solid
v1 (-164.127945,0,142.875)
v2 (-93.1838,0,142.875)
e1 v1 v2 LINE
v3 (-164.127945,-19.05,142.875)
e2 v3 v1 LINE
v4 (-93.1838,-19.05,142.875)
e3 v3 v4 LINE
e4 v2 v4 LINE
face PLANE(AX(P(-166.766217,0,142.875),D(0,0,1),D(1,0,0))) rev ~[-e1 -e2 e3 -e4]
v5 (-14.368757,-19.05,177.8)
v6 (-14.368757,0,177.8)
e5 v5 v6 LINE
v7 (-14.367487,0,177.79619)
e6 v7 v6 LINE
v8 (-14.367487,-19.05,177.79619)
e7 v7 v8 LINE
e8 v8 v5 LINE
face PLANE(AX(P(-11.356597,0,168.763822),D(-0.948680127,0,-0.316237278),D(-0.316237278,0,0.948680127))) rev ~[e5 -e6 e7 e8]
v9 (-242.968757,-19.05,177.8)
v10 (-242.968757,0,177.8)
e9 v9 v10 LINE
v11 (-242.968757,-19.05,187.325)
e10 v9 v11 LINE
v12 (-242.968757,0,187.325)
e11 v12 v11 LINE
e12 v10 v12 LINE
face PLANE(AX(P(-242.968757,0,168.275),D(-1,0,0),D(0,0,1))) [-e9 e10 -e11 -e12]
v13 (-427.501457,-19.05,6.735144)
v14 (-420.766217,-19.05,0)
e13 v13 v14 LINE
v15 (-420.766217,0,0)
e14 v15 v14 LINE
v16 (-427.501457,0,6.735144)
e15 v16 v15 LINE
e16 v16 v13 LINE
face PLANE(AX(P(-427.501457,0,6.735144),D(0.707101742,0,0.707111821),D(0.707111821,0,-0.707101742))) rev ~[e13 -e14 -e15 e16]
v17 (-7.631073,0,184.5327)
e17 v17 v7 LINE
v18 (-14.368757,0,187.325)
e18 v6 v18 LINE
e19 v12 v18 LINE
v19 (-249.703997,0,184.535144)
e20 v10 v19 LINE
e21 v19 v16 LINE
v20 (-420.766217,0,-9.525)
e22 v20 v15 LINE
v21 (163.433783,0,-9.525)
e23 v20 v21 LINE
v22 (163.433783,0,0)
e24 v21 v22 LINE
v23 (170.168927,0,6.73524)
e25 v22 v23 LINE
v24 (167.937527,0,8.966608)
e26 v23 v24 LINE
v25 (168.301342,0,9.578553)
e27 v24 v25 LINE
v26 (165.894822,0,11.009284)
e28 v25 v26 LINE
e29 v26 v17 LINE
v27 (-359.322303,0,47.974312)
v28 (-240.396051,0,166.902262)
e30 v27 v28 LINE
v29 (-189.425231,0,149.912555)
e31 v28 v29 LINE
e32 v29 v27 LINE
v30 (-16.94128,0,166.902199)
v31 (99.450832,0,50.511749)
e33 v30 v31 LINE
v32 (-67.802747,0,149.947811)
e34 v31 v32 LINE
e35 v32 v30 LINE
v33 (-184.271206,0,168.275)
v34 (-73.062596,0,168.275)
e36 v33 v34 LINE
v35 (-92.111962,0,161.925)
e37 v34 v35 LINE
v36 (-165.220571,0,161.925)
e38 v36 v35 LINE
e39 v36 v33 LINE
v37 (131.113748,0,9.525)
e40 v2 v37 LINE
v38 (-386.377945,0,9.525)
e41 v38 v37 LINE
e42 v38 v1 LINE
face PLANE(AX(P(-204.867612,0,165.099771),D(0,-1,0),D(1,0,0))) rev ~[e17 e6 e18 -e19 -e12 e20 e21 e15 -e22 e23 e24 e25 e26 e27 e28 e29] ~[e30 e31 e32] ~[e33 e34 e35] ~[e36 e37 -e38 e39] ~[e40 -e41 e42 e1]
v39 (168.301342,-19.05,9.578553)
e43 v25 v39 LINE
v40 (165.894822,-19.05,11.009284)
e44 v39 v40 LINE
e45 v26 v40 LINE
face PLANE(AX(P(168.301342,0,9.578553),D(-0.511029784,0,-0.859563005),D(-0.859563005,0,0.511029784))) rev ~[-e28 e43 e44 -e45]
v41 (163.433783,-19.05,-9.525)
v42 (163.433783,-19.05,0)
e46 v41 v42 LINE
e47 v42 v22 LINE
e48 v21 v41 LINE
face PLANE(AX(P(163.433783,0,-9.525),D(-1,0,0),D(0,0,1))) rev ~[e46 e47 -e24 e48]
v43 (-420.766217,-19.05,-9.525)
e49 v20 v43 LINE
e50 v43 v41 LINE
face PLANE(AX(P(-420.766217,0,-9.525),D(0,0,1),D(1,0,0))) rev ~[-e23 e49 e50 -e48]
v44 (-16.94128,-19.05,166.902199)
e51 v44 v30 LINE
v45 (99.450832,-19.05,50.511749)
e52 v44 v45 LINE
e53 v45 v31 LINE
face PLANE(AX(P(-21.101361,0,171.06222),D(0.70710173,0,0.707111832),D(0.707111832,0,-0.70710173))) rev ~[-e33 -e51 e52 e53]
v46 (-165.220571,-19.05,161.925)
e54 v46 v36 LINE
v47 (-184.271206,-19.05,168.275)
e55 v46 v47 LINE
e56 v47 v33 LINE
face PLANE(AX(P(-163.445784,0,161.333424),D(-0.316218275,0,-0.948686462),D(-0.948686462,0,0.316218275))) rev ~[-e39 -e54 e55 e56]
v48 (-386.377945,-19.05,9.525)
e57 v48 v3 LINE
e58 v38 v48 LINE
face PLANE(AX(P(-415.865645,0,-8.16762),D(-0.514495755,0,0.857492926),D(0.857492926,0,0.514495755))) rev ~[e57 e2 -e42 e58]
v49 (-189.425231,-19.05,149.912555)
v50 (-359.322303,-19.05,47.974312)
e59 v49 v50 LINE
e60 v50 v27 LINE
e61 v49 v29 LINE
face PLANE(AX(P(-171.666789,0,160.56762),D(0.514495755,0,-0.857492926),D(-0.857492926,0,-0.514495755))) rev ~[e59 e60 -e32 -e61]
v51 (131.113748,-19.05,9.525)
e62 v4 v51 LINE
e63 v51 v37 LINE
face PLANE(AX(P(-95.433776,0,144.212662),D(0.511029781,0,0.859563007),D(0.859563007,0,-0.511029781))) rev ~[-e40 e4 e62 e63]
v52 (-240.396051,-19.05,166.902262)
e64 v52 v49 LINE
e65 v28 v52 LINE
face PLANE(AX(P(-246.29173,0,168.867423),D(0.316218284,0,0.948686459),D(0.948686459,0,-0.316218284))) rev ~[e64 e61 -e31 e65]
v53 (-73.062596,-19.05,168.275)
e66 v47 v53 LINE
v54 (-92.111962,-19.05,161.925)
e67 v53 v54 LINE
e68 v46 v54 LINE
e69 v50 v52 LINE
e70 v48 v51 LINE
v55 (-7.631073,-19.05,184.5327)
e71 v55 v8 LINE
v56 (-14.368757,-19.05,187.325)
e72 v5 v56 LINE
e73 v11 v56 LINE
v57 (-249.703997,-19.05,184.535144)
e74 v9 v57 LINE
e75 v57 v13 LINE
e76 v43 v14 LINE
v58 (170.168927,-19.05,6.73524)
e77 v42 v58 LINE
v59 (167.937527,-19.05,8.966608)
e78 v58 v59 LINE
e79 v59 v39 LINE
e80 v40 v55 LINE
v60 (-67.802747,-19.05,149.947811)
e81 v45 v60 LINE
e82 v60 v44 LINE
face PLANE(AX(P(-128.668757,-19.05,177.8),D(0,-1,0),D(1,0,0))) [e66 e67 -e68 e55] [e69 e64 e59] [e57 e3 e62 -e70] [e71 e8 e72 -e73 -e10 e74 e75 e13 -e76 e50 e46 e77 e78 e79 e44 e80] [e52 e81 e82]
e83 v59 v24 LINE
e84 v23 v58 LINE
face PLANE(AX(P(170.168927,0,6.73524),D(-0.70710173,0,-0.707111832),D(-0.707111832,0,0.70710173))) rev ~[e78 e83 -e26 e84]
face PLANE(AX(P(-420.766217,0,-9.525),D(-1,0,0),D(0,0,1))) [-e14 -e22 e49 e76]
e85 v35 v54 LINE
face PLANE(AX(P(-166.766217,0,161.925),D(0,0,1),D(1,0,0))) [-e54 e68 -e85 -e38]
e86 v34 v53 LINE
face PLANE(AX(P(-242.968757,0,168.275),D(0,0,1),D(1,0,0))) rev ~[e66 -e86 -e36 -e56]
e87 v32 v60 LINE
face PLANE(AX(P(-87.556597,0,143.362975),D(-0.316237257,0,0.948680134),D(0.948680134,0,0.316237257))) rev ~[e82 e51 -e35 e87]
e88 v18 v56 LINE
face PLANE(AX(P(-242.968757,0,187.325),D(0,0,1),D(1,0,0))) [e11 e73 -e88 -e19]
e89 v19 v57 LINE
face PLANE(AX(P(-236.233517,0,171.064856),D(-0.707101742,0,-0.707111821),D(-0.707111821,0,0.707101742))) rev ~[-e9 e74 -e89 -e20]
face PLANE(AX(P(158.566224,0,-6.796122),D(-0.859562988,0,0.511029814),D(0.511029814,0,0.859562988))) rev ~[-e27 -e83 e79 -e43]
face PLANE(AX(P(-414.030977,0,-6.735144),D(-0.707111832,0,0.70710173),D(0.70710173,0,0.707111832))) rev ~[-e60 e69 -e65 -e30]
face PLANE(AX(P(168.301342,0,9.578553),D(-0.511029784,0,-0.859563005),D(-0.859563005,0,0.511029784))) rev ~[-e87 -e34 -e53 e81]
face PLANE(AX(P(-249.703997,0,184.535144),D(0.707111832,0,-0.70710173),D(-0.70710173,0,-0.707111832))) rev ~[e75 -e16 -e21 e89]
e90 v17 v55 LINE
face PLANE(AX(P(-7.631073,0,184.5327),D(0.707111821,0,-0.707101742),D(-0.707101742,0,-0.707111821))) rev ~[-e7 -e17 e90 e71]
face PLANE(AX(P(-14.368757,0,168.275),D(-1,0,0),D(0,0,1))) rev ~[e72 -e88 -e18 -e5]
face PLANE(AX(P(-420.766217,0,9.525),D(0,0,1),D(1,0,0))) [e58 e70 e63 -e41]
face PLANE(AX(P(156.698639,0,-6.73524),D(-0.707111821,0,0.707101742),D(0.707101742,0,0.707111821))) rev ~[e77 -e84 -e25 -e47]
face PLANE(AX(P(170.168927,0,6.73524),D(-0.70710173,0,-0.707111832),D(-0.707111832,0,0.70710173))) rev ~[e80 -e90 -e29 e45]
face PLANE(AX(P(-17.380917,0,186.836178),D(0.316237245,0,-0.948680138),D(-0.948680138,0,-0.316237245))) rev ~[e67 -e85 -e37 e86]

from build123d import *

# Parameters (mm, degrees)
F8_W      = 584.2
F8_H      = 19.05
F4_W      = 76.2
F4_H      = 19.05
F2_W      = 228.6
F2_H      = 19.05
F10_DEPTH = 19.05


with BuildPart() as f10:
    # F5 (on Front) + F8 (on Front) + F6 (on Front) + F7 (on Front) + F9 (on Front) + F4 (on Front) + F1 (on Front) + F2 (on Front) + F3 (on Front) → F10 (new body)
    with BuildSketch(Plane.XZ):
        Polygon((-93.580917, 161.435332), (-87.556597, 143.362975), (-11.356597, 168.763822), (-17.380917, 186.836178), align=None)
    with BuildSketch(Plane.XZ):
        with Locations((-128.666217, 0)):
            Rectangle(F8_W, F8_H)
    with BuildSketch(Plane.XZ):
        Polygon((-425.666789, 8.16762), (-415.865645, -8.16762), (-161.865645, 144.23238), (-171.666789, 160.56762), align=None)
    with BuildSketch(Plane.XZ):
        Polygon((-21.101361, 171.06222), (156.698639, -6.73524), (170.168927, 6.73524), (-7.631073, 184.5327), align=None)
    with BuildSketch(Plane.XZ):
        Polygon((-85.698658, 160.587338), (-95.433776, 144.212662), (158.566224, -6.796122), (168.301342, 9.578553), align=None)
    with BuildSketch(Plane.XZ):
        with Locations((-128.666217, 152.4)):
            Rectangle(F4_W, F4_H)
    with BuildSketch(Plane.XZ):
        Polygon((-249.703997, 184.535144), (-427.501457, 6.735144), (-414.030977, -6.735144), (-236.233517, 171.064856), align=None)
    with BuildSketch(Plane.XZ):
        with Locations((-128.668757, 177.8)):
            Rectangle(F2_W, F2_H)
    with BuildSketch(Plane.XZ):
        Polygon((-239.645784, 186.732577), (-246.29173, 168.867423), (-170.08665, 143.466576), (-163.445784, 161.333424), align=None)
    extrude(amount=F10_DEPTH)


solid = f10.part
